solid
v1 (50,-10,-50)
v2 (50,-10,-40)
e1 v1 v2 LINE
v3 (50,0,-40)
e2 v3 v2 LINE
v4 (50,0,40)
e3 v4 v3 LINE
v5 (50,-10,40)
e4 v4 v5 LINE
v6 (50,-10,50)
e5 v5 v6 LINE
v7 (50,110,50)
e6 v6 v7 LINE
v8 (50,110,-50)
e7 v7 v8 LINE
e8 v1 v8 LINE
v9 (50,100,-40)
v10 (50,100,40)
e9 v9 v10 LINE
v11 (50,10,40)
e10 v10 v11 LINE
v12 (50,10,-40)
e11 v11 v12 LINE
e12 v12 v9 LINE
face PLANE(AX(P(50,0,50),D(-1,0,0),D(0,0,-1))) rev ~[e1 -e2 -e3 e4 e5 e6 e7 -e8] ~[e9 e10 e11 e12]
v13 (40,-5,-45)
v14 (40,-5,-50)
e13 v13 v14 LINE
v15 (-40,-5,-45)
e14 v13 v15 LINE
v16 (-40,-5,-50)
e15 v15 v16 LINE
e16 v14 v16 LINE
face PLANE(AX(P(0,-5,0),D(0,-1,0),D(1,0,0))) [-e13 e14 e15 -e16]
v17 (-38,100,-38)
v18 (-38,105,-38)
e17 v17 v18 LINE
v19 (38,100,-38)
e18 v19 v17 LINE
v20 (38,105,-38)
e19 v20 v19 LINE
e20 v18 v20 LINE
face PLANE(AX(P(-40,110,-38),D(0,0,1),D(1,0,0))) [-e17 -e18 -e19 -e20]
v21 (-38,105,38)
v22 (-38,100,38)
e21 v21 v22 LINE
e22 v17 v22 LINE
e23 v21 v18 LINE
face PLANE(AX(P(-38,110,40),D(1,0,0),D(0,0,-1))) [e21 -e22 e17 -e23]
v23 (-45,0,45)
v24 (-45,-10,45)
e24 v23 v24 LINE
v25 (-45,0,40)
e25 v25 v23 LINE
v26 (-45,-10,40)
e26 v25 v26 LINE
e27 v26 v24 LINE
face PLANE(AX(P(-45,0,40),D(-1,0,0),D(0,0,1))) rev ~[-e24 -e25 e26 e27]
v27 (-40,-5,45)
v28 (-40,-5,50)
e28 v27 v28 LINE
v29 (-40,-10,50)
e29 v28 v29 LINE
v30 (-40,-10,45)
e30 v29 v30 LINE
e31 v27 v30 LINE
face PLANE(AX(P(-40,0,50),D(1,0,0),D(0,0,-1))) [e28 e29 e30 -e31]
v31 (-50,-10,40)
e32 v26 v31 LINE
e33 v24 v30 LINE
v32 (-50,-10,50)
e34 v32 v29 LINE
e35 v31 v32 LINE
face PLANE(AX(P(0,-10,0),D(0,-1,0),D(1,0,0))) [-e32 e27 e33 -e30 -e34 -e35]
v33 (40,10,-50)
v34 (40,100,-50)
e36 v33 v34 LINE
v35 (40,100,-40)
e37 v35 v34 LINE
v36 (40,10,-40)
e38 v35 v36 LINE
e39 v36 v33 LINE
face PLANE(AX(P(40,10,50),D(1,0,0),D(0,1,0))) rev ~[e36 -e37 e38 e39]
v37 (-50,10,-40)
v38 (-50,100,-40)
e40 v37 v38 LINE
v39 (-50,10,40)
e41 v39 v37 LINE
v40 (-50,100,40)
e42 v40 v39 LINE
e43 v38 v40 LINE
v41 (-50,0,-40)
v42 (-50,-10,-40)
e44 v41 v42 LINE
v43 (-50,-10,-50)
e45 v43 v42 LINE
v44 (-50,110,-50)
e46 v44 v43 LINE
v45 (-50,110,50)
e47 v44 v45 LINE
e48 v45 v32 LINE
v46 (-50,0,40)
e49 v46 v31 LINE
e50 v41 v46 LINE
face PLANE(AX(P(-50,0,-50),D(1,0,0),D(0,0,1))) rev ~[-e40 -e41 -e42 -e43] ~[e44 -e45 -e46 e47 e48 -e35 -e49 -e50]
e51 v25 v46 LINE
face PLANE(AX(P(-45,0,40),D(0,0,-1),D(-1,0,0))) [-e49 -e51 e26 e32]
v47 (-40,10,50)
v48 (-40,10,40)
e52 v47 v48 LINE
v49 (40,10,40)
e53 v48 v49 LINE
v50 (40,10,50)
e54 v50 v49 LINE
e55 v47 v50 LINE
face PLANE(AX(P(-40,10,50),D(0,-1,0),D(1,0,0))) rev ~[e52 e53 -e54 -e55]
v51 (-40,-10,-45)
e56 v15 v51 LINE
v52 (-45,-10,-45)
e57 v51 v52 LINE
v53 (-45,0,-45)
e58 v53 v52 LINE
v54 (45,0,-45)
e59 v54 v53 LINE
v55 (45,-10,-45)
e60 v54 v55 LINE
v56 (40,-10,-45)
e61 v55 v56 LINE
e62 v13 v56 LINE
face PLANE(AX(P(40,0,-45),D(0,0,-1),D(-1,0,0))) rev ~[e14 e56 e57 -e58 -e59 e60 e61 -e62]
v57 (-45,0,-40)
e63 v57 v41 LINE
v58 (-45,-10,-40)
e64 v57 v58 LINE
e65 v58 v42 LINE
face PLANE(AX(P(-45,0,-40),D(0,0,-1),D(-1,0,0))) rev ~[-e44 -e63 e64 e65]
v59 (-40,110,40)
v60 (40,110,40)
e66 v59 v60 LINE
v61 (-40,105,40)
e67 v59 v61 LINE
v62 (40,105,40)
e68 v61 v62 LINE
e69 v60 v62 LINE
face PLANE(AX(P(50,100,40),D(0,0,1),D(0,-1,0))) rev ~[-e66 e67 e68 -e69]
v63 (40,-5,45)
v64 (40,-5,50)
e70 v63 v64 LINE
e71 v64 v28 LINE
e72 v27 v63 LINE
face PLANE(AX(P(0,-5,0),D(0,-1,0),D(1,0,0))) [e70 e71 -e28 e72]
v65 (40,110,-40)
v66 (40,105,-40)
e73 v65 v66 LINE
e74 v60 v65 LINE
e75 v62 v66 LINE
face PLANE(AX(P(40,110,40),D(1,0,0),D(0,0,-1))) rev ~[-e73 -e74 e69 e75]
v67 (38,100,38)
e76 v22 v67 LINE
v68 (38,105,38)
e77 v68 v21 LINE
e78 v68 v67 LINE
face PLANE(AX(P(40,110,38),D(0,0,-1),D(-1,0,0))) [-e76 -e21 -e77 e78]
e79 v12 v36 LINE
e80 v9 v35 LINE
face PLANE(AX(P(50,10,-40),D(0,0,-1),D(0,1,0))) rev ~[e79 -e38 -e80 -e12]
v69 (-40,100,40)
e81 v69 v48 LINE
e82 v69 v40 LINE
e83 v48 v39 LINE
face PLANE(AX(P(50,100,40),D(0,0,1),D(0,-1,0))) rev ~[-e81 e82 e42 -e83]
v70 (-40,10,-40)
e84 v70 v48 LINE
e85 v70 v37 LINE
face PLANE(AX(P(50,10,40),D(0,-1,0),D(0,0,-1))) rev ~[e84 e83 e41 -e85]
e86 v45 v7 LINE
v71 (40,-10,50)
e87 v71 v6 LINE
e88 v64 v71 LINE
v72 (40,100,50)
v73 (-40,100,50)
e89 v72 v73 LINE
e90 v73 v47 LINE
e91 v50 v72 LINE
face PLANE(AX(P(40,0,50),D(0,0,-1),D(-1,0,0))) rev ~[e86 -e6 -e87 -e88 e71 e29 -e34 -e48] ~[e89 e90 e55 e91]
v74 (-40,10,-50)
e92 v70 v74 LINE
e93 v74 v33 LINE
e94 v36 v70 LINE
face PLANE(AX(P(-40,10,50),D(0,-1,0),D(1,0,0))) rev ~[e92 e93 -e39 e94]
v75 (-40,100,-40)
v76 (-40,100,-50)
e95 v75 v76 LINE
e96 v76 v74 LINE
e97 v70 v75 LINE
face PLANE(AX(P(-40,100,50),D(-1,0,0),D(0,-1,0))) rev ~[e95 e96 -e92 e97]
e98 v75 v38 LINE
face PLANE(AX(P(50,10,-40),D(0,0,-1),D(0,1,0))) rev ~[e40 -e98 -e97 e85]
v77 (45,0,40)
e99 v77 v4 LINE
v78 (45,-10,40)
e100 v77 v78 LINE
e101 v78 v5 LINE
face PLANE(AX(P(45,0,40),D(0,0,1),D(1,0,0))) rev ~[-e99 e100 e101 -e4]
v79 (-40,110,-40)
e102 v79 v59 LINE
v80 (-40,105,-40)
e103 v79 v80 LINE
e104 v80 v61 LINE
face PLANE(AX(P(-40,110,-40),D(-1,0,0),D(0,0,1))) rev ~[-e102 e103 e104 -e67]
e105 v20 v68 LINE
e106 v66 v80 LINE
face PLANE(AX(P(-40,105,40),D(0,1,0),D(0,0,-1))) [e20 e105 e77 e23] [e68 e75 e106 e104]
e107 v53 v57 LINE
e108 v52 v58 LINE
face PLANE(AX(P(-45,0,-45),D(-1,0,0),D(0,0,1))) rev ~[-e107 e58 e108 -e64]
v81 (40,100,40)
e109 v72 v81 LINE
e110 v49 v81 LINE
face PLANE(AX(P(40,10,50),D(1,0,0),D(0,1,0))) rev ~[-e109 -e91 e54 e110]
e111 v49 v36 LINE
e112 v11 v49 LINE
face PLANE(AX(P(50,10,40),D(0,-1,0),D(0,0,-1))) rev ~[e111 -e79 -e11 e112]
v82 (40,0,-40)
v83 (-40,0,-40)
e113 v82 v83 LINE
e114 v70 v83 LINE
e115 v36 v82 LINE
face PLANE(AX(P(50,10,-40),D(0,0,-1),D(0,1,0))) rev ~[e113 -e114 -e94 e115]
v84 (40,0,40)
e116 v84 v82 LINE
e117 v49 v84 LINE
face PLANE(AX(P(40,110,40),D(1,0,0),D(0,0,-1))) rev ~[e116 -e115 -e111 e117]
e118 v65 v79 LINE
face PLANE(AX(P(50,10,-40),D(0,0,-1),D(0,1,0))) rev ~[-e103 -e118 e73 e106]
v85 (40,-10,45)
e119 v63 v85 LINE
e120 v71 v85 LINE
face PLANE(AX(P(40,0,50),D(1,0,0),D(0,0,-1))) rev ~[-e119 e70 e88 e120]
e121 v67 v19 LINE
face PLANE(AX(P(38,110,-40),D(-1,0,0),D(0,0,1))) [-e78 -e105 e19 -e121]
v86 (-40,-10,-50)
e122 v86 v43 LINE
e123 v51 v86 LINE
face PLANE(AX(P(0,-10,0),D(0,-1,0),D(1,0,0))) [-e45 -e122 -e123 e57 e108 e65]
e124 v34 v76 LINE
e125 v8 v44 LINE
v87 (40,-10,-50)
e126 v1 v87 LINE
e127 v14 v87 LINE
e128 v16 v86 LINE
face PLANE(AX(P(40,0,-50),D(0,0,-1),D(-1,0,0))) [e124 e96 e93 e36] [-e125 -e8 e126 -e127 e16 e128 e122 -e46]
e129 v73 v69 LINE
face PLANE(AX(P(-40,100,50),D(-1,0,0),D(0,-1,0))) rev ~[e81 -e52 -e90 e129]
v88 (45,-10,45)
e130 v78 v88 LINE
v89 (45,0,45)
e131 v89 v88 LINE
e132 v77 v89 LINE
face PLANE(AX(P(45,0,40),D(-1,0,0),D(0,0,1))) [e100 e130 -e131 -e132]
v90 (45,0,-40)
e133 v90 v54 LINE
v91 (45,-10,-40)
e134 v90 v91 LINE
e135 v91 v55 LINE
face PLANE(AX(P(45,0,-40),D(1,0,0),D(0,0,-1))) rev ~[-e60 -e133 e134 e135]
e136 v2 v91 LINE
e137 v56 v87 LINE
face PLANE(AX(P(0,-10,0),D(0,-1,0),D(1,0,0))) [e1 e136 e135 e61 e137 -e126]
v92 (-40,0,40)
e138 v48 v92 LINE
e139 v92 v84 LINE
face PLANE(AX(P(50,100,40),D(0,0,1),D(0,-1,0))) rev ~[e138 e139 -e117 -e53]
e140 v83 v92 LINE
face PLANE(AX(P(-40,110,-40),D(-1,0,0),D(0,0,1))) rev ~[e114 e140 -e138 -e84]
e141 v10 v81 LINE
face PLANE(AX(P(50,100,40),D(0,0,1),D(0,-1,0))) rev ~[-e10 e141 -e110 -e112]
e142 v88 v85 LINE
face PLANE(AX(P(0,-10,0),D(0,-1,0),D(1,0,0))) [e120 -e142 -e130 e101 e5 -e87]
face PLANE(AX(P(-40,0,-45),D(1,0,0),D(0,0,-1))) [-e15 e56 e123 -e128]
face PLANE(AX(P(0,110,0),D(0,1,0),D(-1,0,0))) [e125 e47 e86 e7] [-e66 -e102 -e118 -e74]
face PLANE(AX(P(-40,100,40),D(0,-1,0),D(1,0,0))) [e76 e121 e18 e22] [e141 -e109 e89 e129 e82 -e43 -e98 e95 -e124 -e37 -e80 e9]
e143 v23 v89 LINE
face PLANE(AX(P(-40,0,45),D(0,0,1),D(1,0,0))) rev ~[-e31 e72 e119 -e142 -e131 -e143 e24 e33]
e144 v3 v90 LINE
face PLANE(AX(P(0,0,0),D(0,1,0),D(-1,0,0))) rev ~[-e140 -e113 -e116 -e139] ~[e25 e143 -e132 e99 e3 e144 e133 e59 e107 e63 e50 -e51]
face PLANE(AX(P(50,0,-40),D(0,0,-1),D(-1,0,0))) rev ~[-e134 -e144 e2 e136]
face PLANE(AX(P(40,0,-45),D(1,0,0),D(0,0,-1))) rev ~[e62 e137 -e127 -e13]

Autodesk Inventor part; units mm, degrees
ref_plane "YZ Plane" through (0, 0, 0) normal (1, 0, 0) x (0, 1, 0)
ref_plane "XZ Plane" through (0, 0, 0) normal (0, 1, 0) x (-1, 0, 0)
ref_plane "XY Plane" through (0, 0, 0) normal (0, 0, 1) x (1, 0, 0)
sketch "Sketch1" plane through (0, 0, 0) normal (0, 1, 0) x (-1, 0, 0)
  line L0 (-50, 50) -> (-50, -50)
  line L1 (-50, -50) -> (50, -50)
  line L2 (50, -50) -> (50, 50)
  line L3 (50, 50) -> (-50, 50)
  line L4 (-50, 50) -> (50, -50) construction
  line L5 (-50, -50) -> (50, 50) construction
  point P0 (0, 0)
  dimension "d0" = 100
  dimension "d1" = 100
extrude "Extrusion1" add sketch "Sketch1" along normal blind 110
sketch "Sketch2" plane through (0, 110, 0) normal (0, 1, 0) x (1, 0, 0)
  line L0 (40, -40) -> (40, 40)
  line L1 (40, 40) -> (-40, 40)
  line L2 (-40, 40) -> (-40, -40)
  line L3 (-40, -40) -> (40, -40)
  line L4 (40, -40) -> (-40, 40) construction
  line L5 (40, 40) -> (-40, -40) construction
  point P0 (0, 0)
  dimension "d4" = 80
  dimension "d5" = 80
extrude "Extrusion2" cut sketch "Sketch2" against normal blind 110
sketch "Sketch3" plane through (50, 0, 50) normal (1, 0, 0) x (0, 0, -1)
  line L0 (50, 0) -> (50, 110) construction
  line L1 (90, 110) -> (10, 110) construction
  line L2 (0, 0) -> (0, 110) construction
  line L3 (0, 110) -> (100, 0) construction
  line L4 (100, 0) -> (100, 110) construction
  line L5 (100, 0) -> (100, 110) construction
  line L6 (0, 0) -> (100, 0) construction
  line L7 (100, 110) -> (0, 0) construction
  line L8 (10, 10) -> (90, 10)
  line L9 (90, 10) -> (90, 100)
  line L10 (90, 100) -> (10, 100)
  line L11 (10, 100) -> (10, 10)
  line L12 (10, 10) -> (90, 100) construction
  line L13 (90, 10) -> (10, 100) construction
  point P0 (50, 55)
  dimension "d8" = 90
extrude "Extrusion3" cut sketch "Sketch3" against normal through all
sketch "Sketch4" plane through (-50, 0, 50) normal (0, 0, 1) x (1, 0, 0)
  line L0 (0, 0) -> (100, 0) projected
  line L1 (100, 0) -> (100, 110) projected
  line L2 (0, 110) -> (100, 110) projected
  line L3 (0, 0) -> (0, 110) projected
  line L4 (10, 10) -> (10, 0) projected
  line L5 (90, 0) -> (10, 0) projected
  line L6 (90, 10) -> (90, 0) projected
  line L7 (100, 10) -> (90, 10) projected
  line L8 (100, 100) -> (100, 10) projected
  line L9 (100, 100) -> (90, 100) projected
  line L10 (90, 110) -> (90, 100) projected
  line L11 (10, 110) -> (90, 110) projected
  line L12 (10, 110) -> (10, 100) projected
  line L13 (10, 100) -> (0, 100) projected
  line L14 (0, 10) -> (0, 100) projected
  line L15 (10, 10) -> (0, 10) projected
  line L16 (0, 110) -> (100, 0) construction
  line L17 (0, 110) -> (100, 110) construction
  line L18 (100, 110) -> (0, 0) construction
  line L19 (10, 10) -> (90, 10)
  line L20 (90, 10) -> (90, 100)
  line L21 (90, 100) -> (10, 100)
  line L22 (10, 100) -> (10, 10)
  line L23 (10, 10) -> (90, 100) construction
  line L24 (90, 10) -> (10, 100) construction
  point P0 (50, 0)
  point P1 (50, 55)
extrude "Extrusion4" cut sketch "Sketch4" against normal through all contours L22 L21 L20 L19
sketch "Sketch5" plane through (0, 0, 0) normal (0, -1, 0) x (1, 0, 0)
  line L0 (-40, 40) -> (-50, 40) projected
  line L1 (-50, 40) -> (-45, 40)
  line L2 (-45, 40) -> (-45, 45)
  line L3 (-50, 50) -> (50, 50) projected
  line L4 (-45, 45) -> (-40, 45)
  line L5 (-40, 50) -> (-40, 40) projected
  line L6 (-40, 45) -> (-40, 50)
  line L7 (-50, 40) -> (-50, 50)
  line L8 (-50, 50) -> (-40, 50)
  line L9 (-40, 50) -> (0, 50)
  line L10 (-40, 45) -> (0, 45)
  line L11 (0, 56.6181) -> (0, 31.8895) construction
  line L12 (45, 40) -> (50, 40)
  line L13 (45, 40) -> (45, 45)
  line L14 (50, 50) -> (-50, 50)
  line L15 (45, 45) -> (40, 45)
  line L16 (40, 50) -> (40, 45)
  line L17 (50, 40) -> (50, 50)
  line L18 (40, 45) -> (0, 45)
  point P0 (0, 0)
  point P1 (40, 40)
  dimension "d13" = 5
  dimension "d14" = 5
  dimension "d15" = 5
extrude "Extrusion5" add sketch "Sketch5" along normal blind 10 contours L0 L7 L3 L5 L4 L2 | L16 L3 L17 L12 L13 L15
sketch "Sketch6" plane through (0, 0, 0) normal (0, -1, 0) x (1, 0, 0)
  line L0 (-40, 45) -> (-40, 50) projected
  line L1 (-40, 45) -> (40, 45)
  line L2 (40, 45) -> (40, 50) projected
  line L3 (40, 45) -> (40, 50)
  line L4 (40, 50) -> (-40, 50)
  line L5 (-40, 50) -> (-40, 45)
  point P0 (0, 0)
extrude "Extrusion6" add sketch "Sketch6" along normal blind 5
sketch "Sketch7" plane through (0, 0, 0) normal (0, -1, 0) x (1, 0, 0)
  line L0 (50, -50) -> (-50, -50) projected
  line L1 (50, -50) -> (50, -40)
  line L2 (50, 40) -> (50, -50) projected
  line L3 (50, -40) -> (45, -40)
  line L4 (50, -40) -> (40, -40) projected
  line L5 (45, -40) -> (50, -40)
  line L6 (45, -40) -> (45, -45)
  line L7 (45, -45) -> (40, -45)
  line L8 (40, -45) -> (40, -50)
  line L9 (40, -45) -> (-40, -45)
  line L10 (-40, -40) -> (-40, -50) projected
  line L11 (-40, -50) -> (-40, -45)
  line L12 (40, -40) -> (40, -50) projected
  line L13 (-40, -50) -> (40, -50)
  line L14 (40, -50) -> (-40, -50)
  line L15 (-40, -45) -> (-45, -45)
  line L16 (-45, -45) -> (-45, -40)
  line L17 (-45, -40) -> (-50, -40)
  line L18 (-40, -50) -> (-50, -50)
  line L19 (-50, -50) -> (-50, 50) projected
  line L20 (-50, -40) -> (-50, -50)
  point P0 (0, 0)
  dimension "d20" = 10
  dimension "d21" = 5
  dimension "d22" = 5
  dimension "d23" = 5
extrude "Extrusion7" add sketch "Sketch7" along normal blind 10 contours L0 L8 L7 L6 L3 L1 | L0 L19 L17 L16 L15 L10
extrude "Extrusion8" add sketch "Sketch7" along normal blind 5 contours L0 L10 L9 L8
sketch "Sketch8" plane through (-40, 110, -40) normal (0, 0, 1) x (1, 0, 0)
  line L0 (80, -10) -> (0, -10) projected
  line L1 (0, -10) -> (0, -5)
  line L2 (0, -5) -> (80, -5)
  line L3 (80, -5) -> (80, -10)
  point P0 (40, -110)
  dimension "d28" = 5
extrude "Extrusion9" add sketch "Sketch8" along normal blind 2
sketch "Sketch9" plane through (40, 110, -40) normal (-1, 0, 0) x (0, 0, 1)
  line L0 (80, -10) -> (0, -10) projected
  line L1 (0, -10) -> (0, -5)
  line L2 (0, -5) -> (80, -5)
  line L3 (80, -100) -> (80, -10) projected
  line L4 (80, -5) -> (80, -10)
  point P0 (40, -110)
  dimension "d31" = 5
extrude "Extrusion10" add sketch "Sketch9" along normal blind 2
sketch "Sketch10" plane through (40, 110, 40) normal (0, 0, -1) x (-1, 0, 0)
  line L0 (80, -10) -> (0, -10) projected
  line L1 (0, -10) -> (0, -5)
  line L2 (0, -5) -> (80, -5)
  line L3 (80, -5) -> (80, -10)
  point P0 (40, -110)
  dimension "d34" = 5
  dimension "d35" = 80
extrude "Extrusion11" add sketch "Sketch10" along normal blind 2
sketch "Sketch11" plane through (-40, 110, 40) normal (1, 0, 0) x (0, 0, -1)
  line L0 (80, -10) -> (0, -10) projected
  line L1 (0, -10) -> (0, -5)
  line L2 (0, -5) -> (80, -5)
  line L3 (80, -5) -> (80, -10)
  point P0 (40, -110)
  dimension "d38" = 5
  dimension "d39" = 80
extrude "Extrusion12" add sketch "Sketch11" along normal blind 2
properties part number "Lifting Main Frame"
